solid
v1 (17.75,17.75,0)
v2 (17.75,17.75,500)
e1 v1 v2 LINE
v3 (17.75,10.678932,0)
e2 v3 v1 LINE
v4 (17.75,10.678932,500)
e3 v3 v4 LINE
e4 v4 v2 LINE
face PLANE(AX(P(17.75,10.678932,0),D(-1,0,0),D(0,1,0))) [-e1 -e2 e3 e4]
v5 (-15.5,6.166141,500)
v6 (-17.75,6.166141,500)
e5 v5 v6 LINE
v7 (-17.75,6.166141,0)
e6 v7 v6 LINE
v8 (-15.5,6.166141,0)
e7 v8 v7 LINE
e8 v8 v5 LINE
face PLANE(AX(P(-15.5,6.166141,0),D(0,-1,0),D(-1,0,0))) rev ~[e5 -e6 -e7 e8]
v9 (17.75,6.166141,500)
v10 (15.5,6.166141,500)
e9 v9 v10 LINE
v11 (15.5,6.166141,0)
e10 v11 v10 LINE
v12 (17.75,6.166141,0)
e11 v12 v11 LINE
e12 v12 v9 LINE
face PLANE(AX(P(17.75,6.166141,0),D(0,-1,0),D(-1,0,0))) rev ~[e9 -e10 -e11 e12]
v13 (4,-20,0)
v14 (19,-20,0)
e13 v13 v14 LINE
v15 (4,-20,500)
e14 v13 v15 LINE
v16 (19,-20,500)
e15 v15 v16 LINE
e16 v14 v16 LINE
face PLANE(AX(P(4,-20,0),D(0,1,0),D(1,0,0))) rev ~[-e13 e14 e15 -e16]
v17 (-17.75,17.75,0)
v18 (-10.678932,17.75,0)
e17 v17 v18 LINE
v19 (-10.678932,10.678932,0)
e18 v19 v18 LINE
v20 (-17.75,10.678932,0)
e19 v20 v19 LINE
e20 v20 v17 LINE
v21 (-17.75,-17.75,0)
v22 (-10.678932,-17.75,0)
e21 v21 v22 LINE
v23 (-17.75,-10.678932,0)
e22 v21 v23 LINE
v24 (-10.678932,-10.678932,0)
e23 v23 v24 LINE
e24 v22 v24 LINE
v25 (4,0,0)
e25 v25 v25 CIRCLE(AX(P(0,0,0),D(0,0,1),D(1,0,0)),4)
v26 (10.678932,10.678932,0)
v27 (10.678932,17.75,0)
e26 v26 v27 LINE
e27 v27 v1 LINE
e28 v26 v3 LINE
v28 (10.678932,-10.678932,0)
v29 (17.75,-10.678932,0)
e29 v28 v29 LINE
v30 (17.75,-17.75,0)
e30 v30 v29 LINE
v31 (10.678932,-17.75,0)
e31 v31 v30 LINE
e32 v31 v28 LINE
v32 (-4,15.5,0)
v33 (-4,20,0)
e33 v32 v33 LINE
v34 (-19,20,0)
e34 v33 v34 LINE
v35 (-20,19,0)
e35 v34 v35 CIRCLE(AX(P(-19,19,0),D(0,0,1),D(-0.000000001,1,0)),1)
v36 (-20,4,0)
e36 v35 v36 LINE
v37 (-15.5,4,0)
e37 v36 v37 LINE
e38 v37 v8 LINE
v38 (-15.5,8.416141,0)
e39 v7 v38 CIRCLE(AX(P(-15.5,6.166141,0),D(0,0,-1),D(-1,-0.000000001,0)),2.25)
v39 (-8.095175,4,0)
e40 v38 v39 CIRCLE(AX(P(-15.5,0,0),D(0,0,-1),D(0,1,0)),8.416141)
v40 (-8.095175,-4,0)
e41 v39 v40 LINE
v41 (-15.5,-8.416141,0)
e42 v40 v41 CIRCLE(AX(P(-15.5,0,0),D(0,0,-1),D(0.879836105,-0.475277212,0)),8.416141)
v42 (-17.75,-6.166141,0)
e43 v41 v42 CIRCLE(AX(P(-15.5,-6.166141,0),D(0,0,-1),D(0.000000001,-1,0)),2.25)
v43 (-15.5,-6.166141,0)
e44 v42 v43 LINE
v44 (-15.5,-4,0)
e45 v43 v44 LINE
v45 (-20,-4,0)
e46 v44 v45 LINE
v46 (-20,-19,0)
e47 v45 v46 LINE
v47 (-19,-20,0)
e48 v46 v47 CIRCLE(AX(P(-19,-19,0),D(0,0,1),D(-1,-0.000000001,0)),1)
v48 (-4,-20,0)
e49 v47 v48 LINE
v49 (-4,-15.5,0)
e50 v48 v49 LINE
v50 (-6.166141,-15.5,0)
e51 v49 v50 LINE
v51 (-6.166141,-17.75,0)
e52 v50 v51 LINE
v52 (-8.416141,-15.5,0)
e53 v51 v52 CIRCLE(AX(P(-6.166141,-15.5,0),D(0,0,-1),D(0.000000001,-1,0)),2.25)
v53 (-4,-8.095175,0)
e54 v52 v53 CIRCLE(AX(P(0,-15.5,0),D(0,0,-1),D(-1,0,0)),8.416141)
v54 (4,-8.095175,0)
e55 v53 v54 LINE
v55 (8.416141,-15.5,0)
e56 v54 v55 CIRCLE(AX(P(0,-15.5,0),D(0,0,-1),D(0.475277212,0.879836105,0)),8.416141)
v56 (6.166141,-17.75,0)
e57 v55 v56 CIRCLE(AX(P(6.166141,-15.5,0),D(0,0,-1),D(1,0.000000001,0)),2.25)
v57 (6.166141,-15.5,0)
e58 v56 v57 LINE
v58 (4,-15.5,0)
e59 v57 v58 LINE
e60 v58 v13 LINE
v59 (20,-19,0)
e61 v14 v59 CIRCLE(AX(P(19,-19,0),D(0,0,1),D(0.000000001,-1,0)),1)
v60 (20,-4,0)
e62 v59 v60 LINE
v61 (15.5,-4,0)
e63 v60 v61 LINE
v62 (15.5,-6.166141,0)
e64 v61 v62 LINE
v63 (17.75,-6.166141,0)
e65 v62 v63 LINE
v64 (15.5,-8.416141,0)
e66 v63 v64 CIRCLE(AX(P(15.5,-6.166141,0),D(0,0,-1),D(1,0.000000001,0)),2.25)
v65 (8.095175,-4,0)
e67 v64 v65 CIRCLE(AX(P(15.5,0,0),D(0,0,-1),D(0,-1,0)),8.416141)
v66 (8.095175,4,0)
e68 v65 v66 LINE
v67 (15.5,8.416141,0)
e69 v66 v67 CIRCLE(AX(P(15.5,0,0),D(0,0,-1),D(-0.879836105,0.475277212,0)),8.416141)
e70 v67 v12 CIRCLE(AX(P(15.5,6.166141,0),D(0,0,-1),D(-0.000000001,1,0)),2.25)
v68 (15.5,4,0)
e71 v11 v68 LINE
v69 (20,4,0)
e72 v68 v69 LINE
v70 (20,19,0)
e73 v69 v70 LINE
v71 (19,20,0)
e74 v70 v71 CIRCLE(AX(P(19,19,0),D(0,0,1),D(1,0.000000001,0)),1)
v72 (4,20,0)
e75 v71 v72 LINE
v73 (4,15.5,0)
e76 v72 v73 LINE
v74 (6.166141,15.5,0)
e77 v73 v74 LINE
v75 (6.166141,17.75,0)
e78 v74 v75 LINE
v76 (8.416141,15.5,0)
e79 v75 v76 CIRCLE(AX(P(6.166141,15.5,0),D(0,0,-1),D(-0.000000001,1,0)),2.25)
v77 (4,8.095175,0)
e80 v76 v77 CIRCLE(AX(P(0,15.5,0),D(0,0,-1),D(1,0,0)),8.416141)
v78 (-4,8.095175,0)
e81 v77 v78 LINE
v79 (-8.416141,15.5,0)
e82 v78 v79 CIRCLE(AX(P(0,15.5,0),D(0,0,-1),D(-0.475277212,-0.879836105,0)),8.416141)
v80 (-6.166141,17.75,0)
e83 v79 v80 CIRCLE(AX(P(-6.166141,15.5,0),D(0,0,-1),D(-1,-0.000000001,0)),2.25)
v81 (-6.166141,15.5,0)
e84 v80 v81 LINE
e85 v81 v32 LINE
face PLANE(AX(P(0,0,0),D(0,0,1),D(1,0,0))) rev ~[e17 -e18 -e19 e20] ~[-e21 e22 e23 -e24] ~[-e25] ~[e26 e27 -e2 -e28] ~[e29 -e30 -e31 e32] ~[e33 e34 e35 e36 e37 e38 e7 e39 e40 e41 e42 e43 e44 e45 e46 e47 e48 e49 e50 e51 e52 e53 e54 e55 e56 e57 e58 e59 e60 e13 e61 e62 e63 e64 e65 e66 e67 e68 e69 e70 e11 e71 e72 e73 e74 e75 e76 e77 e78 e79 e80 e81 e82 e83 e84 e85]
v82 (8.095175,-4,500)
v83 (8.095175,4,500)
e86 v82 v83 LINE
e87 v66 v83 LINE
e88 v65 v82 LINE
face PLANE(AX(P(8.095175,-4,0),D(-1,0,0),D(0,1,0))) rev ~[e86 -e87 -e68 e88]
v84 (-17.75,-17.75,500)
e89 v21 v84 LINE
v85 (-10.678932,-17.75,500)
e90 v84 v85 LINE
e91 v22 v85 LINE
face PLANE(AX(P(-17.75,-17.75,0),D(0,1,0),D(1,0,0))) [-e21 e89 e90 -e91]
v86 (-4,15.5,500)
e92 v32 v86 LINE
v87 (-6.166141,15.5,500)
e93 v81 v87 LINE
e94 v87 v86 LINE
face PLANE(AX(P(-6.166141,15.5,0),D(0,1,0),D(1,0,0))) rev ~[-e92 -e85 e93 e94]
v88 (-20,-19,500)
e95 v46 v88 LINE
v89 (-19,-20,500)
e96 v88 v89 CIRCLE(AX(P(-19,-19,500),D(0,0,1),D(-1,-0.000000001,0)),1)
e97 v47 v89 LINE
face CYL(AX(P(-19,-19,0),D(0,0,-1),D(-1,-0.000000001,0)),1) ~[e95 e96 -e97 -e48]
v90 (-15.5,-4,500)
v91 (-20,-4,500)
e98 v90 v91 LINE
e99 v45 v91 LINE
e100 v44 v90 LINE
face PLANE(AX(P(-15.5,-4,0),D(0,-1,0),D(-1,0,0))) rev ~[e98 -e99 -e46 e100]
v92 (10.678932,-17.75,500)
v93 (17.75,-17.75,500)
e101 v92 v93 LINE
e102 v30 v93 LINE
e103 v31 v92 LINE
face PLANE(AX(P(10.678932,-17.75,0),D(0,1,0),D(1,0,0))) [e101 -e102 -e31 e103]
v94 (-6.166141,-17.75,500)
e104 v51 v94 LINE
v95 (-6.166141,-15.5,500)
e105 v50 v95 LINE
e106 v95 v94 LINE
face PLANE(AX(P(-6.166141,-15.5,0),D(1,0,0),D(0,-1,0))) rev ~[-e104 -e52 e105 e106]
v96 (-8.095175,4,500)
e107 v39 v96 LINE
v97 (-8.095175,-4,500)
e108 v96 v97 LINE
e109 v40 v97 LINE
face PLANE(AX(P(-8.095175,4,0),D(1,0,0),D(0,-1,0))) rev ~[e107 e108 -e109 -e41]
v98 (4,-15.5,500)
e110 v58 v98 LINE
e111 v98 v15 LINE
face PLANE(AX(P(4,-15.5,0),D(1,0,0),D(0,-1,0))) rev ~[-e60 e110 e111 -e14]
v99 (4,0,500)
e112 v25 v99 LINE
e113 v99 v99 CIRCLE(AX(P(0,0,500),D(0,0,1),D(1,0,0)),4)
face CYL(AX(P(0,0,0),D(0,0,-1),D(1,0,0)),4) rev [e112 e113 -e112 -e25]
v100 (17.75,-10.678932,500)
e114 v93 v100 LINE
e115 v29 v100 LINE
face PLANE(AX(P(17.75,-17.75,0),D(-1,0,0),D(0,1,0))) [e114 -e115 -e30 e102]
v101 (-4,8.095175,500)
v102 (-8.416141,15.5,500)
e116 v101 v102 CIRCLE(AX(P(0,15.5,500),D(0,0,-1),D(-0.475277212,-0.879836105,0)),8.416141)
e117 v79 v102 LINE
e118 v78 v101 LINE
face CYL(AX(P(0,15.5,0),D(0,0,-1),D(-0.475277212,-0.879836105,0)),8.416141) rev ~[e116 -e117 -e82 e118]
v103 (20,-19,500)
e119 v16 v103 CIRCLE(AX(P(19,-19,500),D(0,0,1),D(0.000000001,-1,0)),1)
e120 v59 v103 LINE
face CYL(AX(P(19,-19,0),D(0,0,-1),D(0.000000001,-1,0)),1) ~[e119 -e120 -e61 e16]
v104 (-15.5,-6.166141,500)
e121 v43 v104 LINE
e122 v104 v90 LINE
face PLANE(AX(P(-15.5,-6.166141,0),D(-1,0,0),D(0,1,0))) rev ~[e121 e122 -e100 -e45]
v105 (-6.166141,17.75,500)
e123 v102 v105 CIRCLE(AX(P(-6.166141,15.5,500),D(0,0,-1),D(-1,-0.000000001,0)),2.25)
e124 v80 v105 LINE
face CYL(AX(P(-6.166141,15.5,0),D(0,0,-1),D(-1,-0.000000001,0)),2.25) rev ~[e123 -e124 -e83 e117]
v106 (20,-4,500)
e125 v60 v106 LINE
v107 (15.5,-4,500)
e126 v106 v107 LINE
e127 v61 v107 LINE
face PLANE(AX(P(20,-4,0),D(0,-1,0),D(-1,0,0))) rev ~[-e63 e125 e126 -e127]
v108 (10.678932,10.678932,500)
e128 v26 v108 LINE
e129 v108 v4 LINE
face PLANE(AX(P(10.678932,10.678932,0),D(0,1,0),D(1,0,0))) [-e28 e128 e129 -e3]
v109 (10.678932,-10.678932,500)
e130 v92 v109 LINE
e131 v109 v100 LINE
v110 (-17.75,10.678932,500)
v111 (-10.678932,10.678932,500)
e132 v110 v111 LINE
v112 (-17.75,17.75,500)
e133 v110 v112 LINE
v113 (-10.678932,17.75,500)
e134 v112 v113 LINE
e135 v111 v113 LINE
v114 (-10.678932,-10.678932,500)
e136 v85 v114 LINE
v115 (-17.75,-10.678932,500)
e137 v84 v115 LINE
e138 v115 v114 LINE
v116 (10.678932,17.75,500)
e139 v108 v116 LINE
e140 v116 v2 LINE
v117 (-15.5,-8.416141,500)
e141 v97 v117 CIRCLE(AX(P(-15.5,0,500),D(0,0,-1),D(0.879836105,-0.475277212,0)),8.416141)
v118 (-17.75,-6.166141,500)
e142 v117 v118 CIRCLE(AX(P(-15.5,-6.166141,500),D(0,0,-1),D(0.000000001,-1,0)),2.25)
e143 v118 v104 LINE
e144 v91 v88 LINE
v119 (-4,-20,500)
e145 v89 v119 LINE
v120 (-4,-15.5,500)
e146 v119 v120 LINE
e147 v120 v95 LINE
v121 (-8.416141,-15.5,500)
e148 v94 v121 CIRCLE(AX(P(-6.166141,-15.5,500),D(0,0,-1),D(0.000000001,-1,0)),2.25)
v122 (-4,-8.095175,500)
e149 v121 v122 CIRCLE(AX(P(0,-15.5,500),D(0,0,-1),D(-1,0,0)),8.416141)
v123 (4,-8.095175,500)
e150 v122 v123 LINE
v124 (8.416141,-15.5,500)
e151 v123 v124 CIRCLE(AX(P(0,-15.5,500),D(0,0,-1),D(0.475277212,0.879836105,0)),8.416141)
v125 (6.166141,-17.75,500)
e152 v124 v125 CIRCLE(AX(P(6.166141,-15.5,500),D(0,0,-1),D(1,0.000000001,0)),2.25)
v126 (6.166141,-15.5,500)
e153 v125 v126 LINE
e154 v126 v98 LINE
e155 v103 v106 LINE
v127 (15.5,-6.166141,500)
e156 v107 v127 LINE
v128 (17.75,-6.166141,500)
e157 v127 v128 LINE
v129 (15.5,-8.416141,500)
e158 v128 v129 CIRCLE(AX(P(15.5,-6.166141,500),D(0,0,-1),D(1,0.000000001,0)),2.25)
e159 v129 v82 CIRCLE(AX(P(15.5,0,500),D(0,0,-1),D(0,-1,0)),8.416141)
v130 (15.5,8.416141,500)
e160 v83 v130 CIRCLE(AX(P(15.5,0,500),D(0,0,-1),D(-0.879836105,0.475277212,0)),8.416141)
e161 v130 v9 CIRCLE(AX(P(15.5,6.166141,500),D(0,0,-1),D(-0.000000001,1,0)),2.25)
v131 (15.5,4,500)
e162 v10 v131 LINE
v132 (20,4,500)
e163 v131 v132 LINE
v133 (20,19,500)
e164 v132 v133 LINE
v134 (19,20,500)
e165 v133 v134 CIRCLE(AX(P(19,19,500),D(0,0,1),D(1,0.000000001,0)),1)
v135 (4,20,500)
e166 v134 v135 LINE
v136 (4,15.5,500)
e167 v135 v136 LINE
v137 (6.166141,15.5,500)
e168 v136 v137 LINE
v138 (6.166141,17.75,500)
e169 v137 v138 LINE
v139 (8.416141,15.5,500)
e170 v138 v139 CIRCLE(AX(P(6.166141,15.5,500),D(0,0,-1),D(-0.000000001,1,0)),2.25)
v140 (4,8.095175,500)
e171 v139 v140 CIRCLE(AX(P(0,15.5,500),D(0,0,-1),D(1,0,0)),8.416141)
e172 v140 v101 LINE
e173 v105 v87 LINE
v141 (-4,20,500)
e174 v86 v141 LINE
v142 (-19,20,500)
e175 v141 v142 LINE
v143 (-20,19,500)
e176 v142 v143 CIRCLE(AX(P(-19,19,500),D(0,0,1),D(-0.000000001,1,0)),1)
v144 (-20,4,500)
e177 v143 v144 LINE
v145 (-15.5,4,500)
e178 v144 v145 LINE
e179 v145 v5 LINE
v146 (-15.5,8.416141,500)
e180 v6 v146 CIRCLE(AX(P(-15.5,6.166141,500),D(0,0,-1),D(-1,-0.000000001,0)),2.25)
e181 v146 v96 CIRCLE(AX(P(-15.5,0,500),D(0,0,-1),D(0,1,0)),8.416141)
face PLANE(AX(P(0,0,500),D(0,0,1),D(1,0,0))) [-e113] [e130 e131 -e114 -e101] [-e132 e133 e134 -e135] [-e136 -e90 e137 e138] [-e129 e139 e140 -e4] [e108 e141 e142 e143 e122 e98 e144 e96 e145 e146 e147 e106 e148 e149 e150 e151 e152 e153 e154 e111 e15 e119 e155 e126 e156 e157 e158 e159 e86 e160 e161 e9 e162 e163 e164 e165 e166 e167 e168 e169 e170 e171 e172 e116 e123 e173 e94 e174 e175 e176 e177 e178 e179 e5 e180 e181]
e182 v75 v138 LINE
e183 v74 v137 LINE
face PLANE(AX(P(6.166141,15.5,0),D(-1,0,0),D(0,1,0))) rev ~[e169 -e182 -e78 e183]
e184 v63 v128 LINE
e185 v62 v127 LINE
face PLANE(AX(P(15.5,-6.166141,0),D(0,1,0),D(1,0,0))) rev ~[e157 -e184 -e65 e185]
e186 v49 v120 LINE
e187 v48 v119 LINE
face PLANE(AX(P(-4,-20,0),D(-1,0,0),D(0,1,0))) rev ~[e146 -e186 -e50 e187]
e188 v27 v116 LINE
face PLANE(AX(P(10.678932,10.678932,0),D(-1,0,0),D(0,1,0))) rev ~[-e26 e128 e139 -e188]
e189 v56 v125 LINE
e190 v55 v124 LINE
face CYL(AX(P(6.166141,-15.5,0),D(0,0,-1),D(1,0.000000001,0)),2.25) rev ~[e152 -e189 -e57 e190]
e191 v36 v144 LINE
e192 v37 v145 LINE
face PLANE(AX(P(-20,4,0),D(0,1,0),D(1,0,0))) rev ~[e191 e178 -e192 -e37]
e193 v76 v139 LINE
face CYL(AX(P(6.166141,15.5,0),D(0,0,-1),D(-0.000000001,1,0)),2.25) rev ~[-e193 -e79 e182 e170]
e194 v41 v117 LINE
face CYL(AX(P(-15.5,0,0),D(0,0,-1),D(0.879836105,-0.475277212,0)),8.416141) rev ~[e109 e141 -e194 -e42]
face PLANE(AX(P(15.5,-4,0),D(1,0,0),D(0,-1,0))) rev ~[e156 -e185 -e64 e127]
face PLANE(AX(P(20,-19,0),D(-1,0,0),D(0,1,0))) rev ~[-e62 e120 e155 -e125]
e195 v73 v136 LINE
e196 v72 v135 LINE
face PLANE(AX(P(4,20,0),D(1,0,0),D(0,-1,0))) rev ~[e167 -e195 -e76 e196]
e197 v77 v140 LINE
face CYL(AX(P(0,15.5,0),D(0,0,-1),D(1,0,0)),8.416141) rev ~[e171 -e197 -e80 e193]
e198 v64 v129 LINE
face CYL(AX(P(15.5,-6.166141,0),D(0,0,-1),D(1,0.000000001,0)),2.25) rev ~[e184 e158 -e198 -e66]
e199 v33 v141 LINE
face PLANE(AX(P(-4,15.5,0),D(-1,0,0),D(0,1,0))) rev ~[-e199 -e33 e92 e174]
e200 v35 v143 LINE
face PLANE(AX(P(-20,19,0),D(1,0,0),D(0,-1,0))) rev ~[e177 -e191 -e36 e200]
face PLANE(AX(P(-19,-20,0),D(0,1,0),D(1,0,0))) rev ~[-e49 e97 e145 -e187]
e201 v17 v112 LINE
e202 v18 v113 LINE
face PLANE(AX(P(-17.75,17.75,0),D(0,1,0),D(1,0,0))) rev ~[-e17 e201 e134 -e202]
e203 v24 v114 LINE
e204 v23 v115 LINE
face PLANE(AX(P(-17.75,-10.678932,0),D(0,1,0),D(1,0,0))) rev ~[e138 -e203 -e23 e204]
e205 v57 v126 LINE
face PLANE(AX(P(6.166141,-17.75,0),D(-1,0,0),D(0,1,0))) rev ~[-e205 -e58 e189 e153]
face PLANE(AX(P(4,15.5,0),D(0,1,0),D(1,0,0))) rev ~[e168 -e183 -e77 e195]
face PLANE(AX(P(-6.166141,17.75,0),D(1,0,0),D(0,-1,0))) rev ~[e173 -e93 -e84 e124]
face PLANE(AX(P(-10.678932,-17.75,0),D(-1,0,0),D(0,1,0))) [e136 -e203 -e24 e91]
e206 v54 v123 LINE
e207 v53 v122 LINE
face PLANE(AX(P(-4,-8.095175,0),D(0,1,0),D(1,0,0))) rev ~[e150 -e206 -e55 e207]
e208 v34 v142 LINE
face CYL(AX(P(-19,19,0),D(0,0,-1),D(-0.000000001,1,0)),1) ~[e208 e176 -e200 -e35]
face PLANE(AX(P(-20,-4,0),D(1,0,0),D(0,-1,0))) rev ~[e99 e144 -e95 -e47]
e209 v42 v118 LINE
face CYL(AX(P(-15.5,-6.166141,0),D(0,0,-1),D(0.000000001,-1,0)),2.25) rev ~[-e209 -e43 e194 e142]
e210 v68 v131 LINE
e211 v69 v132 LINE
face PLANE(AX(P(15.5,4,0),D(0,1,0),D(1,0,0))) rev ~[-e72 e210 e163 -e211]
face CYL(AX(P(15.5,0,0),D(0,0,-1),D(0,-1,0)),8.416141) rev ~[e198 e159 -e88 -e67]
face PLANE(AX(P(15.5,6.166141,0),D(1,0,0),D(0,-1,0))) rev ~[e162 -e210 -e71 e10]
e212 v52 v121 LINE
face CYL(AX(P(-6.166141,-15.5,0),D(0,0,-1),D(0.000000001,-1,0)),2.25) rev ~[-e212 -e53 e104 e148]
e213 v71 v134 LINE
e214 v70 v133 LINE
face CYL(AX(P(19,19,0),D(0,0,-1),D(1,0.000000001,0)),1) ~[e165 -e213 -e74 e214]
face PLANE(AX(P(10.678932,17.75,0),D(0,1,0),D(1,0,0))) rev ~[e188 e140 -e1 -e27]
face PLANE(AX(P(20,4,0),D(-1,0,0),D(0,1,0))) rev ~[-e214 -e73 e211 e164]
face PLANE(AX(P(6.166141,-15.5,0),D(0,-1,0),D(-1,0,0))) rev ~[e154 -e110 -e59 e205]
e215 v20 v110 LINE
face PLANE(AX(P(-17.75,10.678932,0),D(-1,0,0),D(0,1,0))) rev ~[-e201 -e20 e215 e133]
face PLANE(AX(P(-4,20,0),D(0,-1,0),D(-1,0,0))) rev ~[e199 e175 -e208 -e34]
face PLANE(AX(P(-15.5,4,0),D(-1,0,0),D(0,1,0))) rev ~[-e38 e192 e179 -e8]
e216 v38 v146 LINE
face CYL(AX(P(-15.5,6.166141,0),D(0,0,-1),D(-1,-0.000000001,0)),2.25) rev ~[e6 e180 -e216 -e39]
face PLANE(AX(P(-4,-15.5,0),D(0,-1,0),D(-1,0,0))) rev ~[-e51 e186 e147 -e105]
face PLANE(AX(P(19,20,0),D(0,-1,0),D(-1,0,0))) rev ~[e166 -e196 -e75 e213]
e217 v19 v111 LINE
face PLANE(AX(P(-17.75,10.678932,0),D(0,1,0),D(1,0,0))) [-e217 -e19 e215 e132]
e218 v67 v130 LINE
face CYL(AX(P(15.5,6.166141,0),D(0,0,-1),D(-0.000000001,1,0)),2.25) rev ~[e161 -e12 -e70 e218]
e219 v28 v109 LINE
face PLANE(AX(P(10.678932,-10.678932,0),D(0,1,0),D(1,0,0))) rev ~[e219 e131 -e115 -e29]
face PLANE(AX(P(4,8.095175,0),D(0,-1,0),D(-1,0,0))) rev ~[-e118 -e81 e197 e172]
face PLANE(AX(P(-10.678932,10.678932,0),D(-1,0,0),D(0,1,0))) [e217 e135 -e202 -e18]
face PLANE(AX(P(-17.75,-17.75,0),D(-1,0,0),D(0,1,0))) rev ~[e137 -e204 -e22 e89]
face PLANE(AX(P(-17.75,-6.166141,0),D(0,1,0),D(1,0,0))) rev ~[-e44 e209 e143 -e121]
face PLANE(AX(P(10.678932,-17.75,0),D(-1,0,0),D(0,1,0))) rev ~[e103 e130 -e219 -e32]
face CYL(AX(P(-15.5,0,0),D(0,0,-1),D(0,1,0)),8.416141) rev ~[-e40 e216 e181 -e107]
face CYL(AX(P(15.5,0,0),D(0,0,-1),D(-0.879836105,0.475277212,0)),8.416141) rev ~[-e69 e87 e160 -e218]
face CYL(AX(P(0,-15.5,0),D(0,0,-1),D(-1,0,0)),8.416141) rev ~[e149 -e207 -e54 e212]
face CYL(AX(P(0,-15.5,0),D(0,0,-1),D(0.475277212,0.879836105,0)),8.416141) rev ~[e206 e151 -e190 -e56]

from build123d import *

# Parameters (mm, degrees)
SZKIC1_R                    = 4
SZKIC1_W                    = 7.071067812
SZKIC1_H                    = 7.071067812
DODANIE_WYCI_GNI_CIE1_DEPTH = 500


with BuildPart() as part:
    # Szkic1 → Dodanie-wyciągnięcie1 (new body)
    with BuildSketch(Plane.XY):
        with BuildLine():
            Line((4, 20), (4, 15.5))
            Line((4, 15.5), (6.166140933, 15.5))
            Line((6.166140933, 15.5), (6.166140933, 17.75))
            ThreePointArc((6.166140933, 17.75), (7.757131191, 17.090990258), (8.416140933, 15.5))
            ThreePointArc((8.416140933, 15.5), (7.228277524, 11.189149476), (4, 8.095175343))
            Line((4, 8.095175343), (-4, 8.095175343))
            ThreePointArc((-4, 8.095175343), (-7.228277524, 11.189149476), (-8.416140933, 15.5))
            ThreePointArc((-8.416140933, 15.5), (-7.757131191, 17.090990258), (-6.166140933, 17.75))
            Line((-6.166140933, 17.75), (-6.166140933, 15.5))
            Line((-6.166140933, 15.5), (-4, 15.5))
            Line((-4, 15.5), (-4, 20))
            Line((-4, 20), (-19, 20))
            ThreePointArc((-19, 20), (-19.707106781, 19.707106781), (-20, 19))
            Line((-20, 19), (-20, 4))
            Line((-20, 4), (-15.5, 4))
            Line((-15.5, 4), (-15.5, 6.166140933))
            Line((-15.5, 6.166140933), (-17.75, 6.166140933))
            ThreePointArc((-17.75, 6.166140933), (-17.090990258, 7.757131191), (-15.5, 8.416140933))
            ThreePointArc((-15.5, 8.416140933), (-11.189149476, 7.228277524), (-8.095175343, 4))
            Line((-8.095175343, 4), (-8.095175343, -4))
            ThreePointArc((-8.095175343, -4), (-11.189149476, -7.228277524), (-15.5, -8.416140933))
            ThreePointArc((-15.5, -8.416140933), (-17.090990258, -7.757131191), (-17.75, -6.166140933))
            Line((-17.75, -6.166140933), (-15.5, -6.166140933))
            Line((-15.5, -6.166140933), (-15.5, -4))
            Line((-15.5, -4), (-20, -4))
            Line((-20, -4), (-20, -19))
            ThreePointArc((-20, -19), (-19.707106781, -19.707106781), (-19, -20))
            Line((-19, -20), (-4, -20))
            Line((-4, -20), (-4, -15.5))
            Line((-4, -15.5), (-6.166140933, -15.5))
            Line((-6.166140933, -15.5), (-6.166140933, -17.75))
            ThreePointArc((-6.166140933, -17.75), (-7.757131191, -17.090990258), (-8.416140933, -15.5))
            ThreePointArc((-8.416140933, -15.5), (-7.228277524, -11.189149476), (-4, -8.095175343))
            Line((-4, -8.095175343), (4, -8.095175343))
            ThreePointArc((4, -8.095175343), (7.228277524, -11.189149476), (8.416140933, -15.5))
            ThreePointArc((8.416140933, -15.5), (7.757131191, -17.090990258), (6.166140933, -17.75))
            Line((6.166140933, -17.75), (6.166140933, -15.5))
            Line((6.166140933, -15.5), (4, -15.5))
            Line((4, -15.5), (4, -20))
            Line((4, -20), (19, -20))
            ThreePointArc((19, -20), (19.707106781, -19.707106781), (20, -19))
            Line((20, -19), (20, -4))
            Line((20, -4), (15.5, -4))
            Line((15.5, -4), (15.5, -6.166140933))
            Line((15.5, -6.166140933), (17.75, -6.166140933))
            ThreePointArc((17.75, -6.166140933), (17.090990258, -7.757131191), (15.5, -8.416140933))
            ThreePointArc((15.5, -8.416140933), (11.189149476, -7.228277524), (8.095175343, -4))
            Line((8.095175343, -4), (8.095175343, 4))
            ThreePointArc((8.095175343, 4), (11.189149476, 7.228277524), (15.5, 8.416140933))
            ThreePointArc((15.5, 8.416140933), (17.090990258, 7.757131191), (17.75, 6.166140933))
            Line((17.75, 6.166140933), (15.5, 6.166140933))
            Line((15.5, 6.166140933), (15.5, 4))
            Line((15.5, 4), (20, 4))
            Line((20, 4), (20, 19))
            ThreePointArc((20, 19), (19.707106781, 19.707106781), (19, 20))
            Line((19, 20), (4, 20))
        make_face()
        Circle(SZKIC1_R, mode=Mode.SUBTRACT)
        with Locations((-14.214466094, 14.214466094)):
            Rectangle(SZKIC1_W, SZKIC1_H, mode=Mode.SUBTRACT)
        with Locations((14.214466094, 14.214466094)):
            Rectangle(SZKIC1_W, SZKIC1_H, mode=Mode.SUBTRACT)
        with Locations((14.214466094, -14.214466094)):
            Rectangle(SZKIC1_W, SZKIC1_H, mode=Mode.SUBTRACT)
        with Locations((-14.214466094, -14.214466094)):
            Rectangle(SZKIC1_W, SZKIC1_H, mode=Mode.SUBTRACT)
    extrude(amount=DODANIE_WYCI_GNI_CIE1_DEPTH)


solid = part.part
